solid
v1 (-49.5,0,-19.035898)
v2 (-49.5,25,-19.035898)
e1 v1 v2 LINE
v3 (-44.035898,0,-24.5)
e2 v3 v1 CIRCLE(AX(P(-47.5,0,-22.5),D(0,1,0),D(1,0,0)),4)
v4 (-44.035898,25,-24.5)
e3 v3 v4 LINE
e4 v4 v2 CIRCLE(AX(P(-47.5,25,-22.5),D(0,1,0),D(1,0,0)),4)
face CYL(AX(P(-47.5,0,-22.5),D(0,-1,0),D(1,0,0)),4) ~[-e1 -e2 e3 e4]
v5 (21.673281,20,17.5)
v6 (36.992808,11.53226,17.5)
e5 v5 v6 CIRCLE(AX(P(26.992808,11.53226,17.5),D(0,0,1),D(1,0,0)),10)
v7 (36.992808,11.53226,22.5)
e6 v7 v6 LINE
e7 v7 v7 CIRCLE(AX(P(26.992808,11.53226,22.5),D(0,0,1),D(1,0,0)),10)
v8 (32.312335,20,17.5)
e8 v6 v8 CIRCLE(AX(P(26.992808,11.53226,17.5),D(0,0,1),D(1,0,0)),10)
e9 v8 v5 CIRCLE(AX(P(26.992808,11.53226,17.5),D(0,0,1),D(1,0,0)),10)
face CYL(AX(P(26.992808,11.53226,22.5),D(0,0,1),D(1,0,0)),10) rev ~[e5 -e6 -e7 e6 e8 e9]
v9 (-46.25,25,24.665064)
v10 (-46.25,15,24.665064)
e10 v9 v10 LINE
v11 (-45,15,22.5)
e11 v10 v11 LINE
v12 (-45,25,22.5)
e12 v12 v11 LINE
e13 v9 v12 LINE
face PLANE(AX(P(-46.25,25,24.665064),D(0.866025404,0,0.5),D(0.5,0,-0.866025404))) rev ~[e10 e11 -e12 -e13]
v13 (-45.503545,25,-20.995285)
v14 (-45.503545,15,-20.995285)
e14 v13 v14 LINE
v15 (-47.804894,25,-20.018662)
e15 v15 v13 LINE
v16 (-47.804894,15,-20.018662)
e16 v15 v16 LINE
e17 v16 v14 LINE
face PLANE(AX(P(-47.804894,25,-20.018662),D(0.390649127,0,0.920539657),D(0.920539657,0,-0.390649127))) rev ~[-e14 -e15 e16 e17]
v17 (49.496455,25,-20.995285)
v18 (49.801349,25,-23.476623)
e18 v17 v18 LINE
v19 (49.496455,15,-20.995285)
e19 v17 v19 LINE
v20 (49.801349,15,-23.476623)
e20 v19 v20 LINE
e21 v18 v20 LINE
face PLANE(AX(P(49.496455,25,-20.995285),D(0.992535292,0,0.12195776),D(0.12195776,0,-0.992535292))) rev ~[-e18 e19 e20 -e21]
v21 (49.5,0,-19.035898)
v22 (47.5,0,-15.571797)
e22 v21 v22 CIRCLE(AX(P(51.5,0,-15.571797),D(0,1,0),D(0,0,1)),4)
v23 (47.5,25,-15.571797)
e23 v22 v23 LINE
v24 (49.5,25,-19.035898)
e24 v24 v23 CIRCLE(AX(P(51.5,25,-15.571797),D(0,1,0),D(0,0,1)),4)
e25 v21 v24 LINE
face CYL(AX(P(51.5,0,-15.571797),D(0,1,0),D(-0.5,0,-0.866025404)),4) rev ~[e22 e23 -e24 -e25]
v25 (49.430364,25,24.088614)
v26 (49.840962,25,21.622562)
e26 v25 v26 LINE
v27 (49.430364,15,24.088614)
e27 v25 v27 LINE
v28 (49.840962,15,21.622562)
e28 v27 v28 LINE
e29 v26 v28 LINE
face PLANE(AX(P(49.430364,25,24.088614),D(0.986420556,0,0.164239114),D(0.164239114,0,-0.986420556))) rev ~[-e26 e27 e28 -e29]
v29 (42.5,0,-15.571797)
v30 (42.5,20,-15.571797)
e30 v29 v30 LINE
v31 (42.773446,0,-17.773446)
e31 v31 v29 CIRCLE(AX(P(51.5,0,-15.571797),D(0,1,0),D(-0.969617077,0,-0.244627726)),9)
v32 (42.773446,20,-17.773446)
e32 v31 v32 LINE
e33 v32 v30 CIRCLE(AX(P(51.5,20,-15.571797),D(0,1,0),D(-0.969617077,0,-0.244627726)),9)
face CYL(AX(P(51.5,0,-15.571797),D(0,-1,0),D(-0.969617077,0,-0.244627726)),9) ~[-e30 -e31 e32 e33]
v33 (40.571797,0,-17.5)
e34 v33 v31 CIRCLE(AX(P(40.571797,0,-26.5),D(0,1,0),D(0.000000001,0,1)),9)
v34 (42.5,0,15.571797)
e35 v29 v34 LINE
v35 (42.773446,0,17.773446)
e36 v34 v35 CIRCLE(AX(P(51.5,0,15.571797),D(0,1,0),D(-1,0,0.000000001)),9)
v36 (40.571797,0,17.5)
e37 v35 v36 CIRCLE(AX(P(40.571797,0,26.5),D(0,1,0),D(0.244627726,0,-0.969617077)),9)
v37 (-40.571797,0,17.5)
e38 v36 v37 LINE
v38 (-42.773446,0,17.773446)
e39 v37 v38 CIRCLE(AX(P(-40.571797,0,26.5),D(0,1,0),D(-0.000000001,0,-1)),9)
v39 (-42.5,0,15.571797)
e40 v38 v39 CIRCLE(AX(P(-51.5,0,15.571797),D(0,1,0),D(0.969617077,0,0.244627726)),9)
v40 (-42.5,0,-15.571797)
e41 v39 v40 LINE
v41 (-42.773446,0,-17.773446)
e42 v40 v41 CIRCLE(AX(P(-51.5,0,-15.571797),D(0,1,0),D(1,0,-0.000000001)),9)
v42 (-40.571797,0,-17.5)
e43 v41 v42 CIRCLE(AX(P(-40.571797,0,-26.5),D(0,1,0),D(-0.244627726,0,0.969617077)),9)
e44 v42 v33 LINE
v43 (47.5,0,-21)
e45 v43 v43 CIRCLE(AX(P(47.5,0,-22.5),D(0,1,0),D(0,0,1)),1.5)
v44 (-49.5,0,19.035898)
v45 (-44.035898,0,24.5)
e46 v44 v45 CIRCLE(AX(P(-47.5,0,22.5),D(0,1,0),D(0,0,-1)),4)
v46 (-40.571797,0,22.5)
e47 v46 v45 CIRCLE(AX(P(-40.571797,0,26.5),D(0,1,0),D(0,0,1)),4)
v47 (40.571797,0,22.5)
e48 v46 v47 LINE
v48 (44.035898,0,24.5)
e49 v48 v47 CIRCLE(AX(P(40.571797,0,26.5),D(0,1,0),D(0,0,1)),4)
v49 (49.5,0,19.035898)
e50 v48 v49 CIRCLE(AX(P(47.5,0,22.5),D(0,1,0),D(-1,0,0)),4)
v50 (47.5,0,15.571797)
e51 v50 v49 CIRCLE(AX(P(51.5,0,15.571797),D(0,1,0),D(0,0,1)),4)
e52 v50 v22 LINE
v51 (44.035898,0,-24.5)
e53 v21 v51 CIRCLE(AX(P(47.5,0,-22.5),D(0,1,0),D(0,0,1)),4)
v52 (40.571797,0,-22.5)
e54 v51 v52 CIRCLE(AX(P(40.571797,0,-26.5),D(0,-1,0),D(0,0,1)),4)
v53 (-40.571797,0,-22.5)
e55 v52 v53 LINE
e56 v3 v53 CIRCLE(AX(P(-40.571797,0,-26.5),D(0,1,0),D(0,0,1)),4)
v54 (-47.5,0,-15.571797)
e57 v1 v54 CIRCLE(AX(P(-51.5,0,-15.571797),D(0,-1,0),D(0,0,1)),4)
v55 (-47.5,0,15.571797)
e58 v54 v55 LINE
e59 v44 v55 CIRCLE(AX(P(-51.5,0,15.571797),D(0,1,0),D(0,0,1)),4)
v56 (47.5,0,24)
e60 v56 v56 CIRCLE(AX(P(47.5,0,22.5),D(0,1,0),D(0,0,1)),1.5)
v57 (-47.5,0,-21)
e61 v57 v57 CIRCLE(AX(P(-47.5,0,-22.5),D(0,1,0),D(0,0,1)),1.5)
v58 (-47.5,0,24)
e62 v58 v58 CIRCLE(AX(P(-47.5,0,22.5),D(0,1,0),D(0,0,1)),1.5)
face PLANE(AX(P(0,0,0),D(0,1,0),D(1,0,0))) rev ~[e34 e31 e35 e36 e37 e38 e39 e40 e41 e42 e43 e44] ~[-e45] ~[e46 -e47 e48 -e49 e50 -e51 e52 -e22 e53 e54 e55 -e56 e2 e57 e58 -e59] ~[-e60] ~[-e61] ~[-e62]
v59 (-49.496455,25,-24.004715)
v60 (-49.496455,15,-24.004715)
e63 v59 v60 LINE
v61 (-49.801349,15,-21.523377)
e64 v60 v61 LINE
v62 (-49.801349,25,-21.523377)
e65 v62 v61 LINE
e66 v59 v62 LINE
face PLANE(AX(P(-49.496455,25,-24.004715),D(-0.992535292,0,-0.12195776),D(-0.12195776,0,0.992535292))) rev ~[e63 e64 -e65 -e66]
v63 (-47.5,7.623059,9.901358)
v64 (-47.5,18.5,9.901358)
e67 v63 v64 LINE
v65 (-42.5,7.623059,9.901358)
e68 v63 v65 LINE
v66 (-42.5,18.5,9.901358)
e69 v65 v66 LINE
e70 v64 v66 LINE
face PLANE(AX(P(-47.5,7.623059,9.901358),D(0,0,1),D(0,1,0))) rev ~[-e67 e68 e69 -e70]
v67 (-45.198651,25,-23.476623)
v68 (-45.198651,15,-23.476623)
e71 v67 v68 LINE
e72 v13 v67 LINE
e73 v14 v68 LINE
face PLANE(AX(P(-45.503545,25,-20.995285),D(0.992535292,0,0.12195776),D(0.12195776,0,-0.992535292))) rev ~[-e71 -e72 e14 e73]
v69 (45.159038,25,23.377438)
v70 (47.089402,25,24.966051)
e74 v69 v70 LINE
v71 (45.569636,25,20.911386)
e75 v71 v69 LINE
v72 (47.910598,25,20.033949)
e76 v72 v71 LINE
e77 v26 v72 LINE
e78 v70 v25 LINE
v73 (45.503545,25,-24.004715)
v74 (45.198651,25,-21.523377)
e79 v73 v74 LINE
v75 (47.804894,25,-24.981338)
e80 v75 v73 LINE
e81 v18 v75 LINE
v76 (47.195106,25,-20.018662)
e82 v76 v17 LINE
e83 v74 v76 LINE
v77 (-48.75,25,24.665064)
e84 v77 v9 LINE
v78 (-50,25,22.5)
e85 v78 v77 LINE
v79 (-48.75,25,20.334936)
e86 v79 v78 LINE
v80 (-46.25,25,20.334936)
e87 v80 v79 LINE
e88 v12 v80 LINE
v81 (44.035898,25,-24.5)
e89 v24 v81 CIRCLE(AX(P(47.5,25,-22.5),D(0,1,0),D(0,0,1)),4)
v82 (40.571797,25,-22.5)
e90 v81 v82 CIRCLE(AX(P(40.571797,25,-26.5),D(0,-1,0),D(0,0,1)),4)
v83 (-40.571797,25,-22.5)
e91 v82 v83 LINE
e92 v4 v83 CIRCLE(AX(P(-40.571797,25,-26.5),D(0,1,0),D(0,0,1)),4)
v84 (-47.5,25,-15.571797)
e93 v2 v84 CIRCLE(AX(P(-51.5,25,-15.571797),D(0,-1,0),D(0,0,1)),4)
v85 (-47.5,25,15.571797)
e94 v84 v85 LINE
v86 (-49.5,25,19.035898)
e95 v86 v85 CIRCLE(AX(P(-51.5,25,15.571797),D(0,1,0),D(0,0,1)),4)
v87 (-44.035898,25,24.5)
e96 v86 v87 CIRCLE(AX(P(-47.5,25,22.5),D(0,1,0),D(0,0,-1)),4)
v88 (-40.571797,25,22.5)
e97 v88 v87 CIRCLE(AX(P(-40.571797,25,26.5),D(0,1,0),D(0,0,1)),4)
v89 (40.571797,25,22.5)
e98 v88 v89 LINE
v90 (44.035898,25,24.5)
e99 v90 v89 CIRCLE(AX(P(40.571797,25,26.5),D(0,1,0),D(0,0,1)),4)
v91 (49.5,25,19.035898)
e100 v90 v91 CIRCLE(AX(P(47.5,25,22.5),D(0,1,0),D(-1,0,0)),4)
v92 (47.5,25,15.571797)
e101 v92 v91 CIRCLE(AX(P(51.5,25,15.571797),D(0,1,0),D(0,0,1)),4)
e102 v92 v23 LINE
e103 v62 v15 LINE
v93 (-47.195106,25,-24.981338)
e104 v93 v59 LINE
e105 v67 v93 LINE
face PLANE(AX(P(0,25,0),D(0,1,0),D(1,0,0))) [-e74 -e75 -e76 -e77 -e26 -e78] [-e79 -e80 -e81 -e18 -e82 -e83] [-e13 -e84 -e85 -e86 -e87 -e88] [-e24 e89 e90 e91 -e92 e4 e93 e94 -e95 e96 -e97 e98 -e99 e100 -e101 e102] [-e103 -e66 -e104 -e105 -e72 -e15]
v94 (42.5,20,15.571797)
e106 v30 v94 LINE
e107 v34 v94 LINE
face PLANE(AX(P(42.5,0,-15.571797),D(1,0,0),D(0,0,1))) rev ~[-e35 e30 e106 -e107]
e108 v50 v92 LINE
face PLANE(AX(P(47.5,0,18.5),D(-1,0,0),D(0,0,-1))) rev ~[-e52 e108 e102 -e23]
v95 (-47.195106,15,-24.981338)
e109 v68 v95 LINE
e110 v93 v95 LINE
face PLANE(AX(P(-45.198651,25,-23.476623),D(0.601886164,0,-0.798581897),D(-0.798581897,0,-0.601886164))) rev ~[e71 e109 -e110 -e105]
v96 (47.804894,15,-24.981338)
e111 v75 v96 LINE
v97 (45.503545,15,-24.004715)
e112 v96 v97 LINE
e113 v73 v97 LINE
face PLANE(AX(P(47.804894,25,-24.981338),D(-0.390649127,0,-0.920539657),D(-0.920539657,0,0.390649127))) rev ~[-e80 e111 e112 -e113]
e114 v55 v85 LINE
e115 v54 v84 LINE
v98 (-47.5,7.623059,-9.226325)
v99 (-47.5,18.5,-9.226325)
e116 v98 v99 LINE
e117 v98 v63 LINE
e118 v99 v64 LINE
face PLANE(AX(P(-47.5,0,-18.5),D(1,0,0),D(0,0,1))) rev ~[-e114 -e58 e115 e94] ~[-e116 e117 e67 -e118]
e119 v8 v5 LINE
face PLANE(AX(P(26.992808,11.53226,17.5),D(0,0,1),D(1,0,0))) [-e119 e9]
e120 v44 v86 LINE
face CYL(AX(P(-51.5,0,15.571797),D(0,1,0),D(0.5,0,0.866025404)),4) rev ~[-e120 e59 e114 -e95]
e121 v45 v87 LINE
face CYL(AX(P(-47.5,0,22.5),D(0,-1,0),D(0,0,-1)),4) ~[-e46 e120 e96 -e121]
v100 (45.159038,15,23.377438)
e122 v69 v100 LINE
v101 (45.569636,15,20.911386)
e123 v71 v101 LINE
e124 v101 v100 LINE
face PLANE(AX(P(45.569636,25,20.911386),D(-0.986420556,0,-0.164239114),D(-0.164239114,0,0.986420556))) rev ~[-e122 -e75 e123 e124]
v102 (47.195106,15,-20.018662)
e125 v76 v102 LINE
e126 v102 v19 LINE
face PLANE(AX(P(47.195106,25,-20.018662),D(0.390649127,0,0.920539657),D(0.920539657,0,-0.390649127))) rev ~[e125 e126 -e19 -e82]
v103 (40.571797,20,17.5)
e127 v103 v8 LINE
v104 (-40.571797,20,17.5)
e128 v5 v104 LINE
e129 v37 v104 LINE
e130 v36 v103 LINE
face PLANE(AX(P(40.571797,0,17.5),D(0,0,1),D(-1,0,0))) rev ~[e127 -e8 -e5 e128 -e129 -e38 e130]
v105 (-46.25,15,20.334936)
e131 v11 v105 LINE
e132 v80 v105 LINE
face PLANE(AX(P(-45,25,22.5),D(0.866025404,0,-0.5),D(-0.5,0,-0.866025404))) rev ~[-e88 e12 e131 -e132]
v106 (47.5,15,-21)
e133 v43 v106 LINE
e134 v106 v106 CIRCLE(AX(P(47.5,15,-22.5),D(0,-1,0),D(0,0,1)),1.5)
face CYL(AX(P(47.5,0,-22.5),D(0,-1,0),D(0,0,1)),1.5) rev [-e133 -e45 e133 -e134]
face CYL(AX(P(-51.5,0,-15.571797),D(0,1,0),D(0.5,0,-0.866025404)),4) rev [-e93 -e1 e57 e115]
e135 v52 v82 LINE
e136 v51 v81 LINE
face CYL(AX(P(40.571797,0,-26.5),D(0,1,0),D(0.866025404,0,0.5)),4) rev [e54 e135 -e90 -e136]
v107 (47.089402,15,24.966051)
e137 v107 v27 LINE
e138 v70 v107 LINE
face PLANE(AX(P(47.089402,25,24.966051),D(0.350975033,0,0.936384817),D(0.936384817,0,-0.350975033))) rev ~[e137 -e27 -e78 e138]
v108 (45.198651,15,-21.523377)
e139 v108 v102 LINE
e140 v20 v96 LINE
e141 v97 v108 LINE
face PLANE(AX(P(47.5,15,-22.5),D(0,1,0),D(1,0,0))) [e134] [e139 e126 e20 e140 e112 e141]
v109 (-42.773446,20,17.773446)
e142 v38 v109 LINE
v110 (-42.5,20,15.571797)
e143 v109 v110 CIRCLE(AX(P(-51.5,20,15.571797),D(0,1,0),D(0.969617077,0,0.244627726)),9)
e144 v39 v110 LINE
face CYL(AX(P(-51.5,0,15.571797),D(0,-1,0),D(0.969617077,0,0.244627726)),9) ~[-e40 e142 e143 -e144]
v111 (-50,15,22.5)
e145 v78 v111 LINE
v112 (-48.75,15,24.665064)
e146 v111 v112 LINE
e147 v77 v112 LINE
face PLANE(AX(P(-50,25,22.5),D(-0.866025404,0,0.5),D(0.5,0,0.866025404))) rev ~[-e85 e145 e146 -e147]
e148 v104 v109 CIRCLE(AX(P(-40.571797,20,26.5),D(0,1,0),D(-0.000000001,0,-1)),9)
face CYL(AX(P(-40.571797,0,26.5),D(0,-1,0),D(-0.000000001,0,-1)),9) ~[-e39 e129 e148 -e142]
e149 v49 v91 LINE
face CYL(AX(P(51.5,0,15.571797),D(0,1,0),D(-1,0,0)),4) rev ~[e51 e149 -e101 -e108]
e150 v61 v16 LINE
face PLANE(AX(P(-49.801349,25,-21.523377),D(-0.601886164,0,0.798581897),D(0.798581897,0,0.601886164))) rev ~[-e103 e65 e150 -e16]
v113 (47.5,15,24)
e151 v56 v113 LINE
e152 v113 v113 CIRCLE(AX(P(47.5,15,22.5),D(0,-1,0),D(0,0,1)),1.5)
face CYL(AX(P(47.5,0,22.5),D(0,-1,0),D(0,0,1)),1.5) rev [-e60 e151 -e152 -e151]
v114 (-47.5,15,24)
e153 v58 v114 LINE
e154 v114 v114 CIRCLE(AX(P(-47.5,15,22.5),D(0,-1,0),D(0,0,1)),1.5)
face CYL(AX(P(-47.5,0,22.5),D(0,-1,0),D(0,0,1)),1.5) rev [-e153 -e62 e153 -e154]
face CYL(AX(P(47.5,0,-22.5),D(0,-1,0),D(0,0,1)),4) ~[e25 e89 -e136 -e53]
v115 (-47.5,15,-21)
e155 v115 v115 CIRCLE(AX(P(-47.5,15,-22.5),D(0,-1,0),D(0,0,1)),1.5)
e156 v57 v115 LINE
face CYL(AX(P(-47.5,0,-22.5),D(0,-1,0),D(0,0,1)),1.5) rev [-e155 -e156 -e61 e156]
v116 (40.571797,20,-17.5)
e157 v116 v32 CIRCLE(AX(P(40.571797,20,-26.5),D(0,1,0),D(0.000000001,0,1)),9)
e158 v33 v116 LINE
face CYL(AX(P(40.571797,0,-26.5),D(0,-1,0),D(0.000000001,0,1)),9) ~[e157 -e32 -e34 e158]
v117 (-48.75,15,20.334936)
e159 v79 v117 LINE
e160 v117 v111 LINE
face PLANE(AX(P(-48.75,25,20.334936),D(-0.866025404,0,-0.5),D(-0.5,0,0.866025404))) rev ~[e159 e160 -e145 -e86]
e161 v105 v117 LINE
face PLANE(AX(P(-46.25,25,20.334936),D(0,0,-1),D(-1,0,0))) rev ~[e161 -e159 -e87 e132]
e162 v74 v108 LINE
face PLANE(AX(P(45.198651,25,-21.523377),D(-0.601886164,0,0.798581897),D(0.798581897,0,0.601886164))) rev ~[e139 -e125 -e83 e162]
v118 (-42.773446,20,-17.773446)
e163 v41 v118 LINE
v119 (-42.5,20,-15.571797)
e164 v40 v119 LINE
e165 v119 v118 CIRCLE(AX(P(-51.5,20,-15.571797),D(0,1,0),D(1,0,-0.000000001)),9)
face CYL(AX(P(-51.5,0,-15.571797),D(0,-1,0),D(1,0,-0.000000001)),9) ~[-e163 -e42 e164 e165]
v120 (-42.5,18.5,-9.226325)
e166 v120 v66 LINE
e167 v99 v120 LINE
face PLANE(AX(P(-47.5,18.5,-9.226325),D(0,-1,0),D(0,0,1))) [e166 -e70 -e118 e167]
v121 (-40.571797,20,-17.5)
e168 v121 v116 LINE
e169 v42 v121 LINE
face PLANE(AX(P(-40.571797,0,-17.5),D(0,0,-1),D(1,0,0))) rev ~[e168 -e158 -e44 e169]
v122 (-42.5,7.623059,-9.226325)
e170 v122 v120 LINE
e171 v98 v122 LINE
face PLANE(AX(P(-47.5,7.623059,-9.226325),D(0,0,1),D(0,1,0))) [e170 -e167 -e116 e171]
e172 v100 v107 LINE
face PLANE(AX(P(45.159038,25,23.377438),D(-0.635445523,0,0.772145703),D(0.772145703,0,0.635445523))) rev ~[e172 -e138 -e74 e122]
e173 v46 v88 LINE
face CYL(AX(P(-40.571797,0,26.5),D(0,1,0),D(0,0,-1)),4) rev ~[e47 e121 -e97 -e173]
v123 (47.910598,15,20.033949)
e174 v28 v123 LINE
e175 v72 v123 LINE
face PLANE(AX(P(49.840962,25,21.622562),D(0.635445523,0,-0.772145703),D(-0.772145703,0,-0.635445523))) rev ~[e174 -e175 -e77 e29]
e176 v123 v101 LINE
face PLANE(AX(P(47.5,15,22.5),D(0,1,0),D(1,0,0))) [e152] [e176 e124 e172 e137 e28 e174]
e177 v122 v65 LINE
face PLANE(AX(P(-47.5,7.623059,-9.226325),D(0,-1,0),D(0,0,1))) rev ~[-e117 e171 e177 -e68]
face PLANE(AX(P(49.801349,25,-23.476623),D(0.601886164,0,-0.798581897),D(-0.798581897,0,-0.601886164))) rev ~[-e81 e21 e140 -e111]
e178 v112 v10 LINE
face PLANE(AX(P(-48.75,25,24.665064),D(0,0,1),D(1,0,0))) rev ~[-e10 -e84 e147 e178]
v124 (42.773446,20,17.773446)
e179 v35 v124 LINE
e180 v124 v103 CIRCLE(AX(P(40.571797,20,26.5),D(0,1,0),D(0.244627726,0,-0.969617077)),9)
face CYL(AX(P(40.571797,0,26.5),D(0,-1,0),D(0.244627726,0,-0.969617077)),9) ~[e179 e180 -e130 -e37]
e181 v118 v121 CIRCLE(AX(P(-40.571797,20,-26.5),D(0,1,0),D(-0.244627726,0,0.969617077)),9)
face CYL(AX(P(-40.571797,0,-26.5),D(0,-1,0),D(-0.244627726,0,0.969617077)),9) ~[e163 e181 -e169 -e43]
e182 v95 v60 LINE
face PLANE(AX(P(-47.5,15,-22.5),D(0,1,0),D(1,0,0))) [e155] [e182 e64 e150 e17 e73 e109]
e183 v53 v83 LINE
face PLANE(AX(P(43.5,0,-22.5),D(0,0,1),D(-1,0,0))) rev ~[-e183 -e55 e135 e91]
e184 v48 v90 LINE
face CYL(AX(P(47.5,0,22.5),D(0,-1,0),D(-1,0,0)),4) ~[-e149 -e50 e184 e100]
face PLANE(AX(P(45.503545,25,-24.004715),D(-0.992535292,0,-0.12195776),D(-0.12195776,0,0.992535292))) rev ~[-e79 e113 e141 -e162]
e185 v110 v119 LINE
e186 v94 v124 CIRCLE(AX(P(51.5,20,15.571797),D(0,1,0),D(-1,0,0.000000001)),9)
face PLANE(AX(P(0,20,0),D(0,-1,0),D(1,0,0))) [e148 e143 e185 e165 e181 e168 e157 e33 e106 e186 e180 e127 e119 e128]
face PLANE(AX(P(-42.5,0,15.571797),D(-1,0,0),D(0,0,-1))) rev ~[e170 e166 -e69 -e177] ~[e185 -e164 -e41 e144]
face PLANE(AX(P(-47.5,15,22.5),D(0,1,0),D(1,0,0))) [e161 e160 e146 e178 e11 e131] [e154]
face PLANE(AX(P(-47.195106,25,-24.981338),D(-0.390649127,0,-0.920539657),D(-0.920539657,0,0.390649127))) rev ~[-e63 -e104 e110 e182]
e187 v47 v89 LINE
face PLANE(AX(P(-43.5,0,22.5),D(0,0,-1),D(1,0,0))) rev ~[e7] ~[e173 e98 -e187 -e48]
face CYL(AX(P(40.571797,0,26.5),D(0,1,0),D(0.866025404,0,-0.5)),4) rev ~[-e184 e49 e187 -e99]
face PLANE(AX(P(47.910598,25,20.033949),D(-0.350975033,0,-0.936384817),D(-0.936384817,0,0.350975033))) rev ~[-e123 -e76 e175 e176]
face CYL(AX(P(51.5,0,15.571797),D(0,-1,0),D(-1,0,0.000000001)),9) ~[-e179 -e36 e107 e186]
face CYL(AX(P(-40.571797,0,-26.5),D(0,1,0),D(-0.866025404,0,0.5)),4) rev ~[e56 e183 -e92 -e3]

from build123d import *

# Parameters (mm, degrees)
SKETCH2_R           = 1.5
BOSS_EXTRUDE1_DEPTH = 25
FILLET3_R           = 4
FILLET4_R           = 4
FILLET5_R           = 4
FILLET6_R           = 4
FILLET7_R           = 4
FILLET8_R           = 4
FILLET9_R           = 4
FILLET10_R          = 4
CUT_EXTRUDE1_DEPTH  = 10
CUT_EXTRUDE2_DEPTH  = 20
SKETCH5_W           = 19.12768352
SKETCH5_H           = 10.876940682
CUT_EXTRUDE3_DEPTH  = 5
SKETCH6_R           = 10
CUT_EXTRUDE4_DEPTH  = 5


with BuildPart() as part:
    # Sketch2 → Boss-Extrude1 (new body)
    with BuildSketch(Plane(origin=(0, 0, 0), x_dir=(1, 0, 0), z_dir=(0, 1, 0))):
        with BuildLine():
            ThreePointArc((-43.5, 22.5), (-50.328427125, 25.328427125), (-47.5, 18.5))
            Line((-47.5, 18.5), (-47.5, -18.5))
            ThreePointArc((-47.5, -18.5), (-50.328427125, -25.328427125), (-43.5, -22.5))
            Line((-43.5, -22.5), (43.5, -22.5))
            ThreePointArc((43.5, -22.5), (50.328427125, -25.328427125), (47.5, -18.5))
            Line((47.5, -18.5), (47.5, 18.5))
            ThreePointArc((47.5, 18.5), (50.328427125, 25.328427125), (43.5, 22.5))
            Line((43.5, 22.5), (-43.5, 22.5))
        make_face()
        with Locations(Location((-47.5, 22.5, 0), (0, 0, 270))):
            Circle(SKETCH2_R, mode=Mode.SUBTRACT)
        with Locations(Location((-47.5, -22.5, 0), (0, 0, 270))):
            Circle(SKETCH2_R, mode=Mode.SUBTRACT)
        with Locations(Location((47.5, 22.5, 0), (0, 0, 270))):
            Circle(SKETCH2_R, mode=Mode.SUBTRACT)
        with Locations(Location((47.5, -22.5, 0), (0, 0, 270))):
            Circle(SKETCH2_R, mode=Mode.SUBTRACT)
    extrude(amount=BOSS_EXTRUDE1_DEPTH)

    # Fillet3
    fillet3_edges = [part.edges().sort_by_distance(p)[0] for p in [
        (-43.5, 12.5, -22.5),
    ]]
    fillet(fillet3_edges, radius=FILLET3_R)

    # Fillet4
    fillet4_edges = [part.edges().sort_by_distance(p)[0] for p in [
        (-47.5, 12.5, -18.5),
    ]]
    fillet(fillet4_edges, radius=FILLET4_R)

    # Fillet5
    fillet5_edges = [part.edges().sort_by_distance(p)[0] for p in [
        (47.5, 12.5, -18.5),
    ]]
    fillet(fillet5_edges, radius=FILLET5_R)

    # Fillet6
    fillet6_edges = [part.edges().sort_by_distance(p)[0] for p in [
        (43.5, 12.5, -22.5),
    ]]
    fillet(fillet6_edges, radius=FILLET6_R)

    # Fillet7
    fillet7_edges = [part.edges().sort_by_distance(p)[0] for p in [
        (47.5, 12.5, 18.5),
    ]]
    fillet(fillet7_edges, radius=FILLET7_R)

    # Fillet8
    fillet8_edges = [part.edges().sort_by_distance(p)[0] for p in [
        (43.5, 12.5, 22.5),
    ]]
    fillet(fillet8_edges, radius=FILLET8_R)

    # Fillet9
    fillet9_edges = [part.edges().sort_by_distance(p)[0] for p in [
        (-43.5, 12.5, 22.5),
    ]]
    fillet(fillet9_edges, radius=FILLET9_R)

    # Fillet10
    fillet10_edges = [part.edges().sort_by_distance(p)[0] for p in [
        (-47.5, 12.5, 18.5),
    ]]
    fillet(fillet10_edges, radius=FILLET10_R)

    # Sketch3 → Cut-Extrude1 (cut)
    with BuildSketch(Plane(origin=(0, 25, 0), x_dir=(1, 0, 0), z_dir=(0, 1, 0))):
        Polygon((45.159037956, -23.377437582), (47.089402215, -24.96605139), (49.430364258, -24.088613808), (49.840962044, -21.622562418), (47.910597785, -20.03394861), (45.569635742, -20.911386192), align=None)
        Polygon((45.198650859, 21.523377181), (47.1951056, 20.018661771), (49.496454742, 20.99528459), (49.801349141, 23.476622819), (47.8048944, 24.981338229), (45.503545258, 24.00471541), align=None)
        Polygon((-49.801349141, 21.523377181), (-47.8048944, 20.018661771), (-45.503545258, 20.99528459), (-45.198650859, 23.476622819), (-47.1951056, 24.981338229), (-49.496454742, 24.00471541), align=None)
        Polygon((-50, -22.5), (-48.75, -24.665063509), (-46.25, -24.665063509), (-45, -22.5), (-46.25, -20.334936491), (-48.75, -20.334936491), align=None)
    extrude(amount=-CUT_EXTRUDE1_DEPTH, mode=Mode.SUBTRACT)

    # Sketch4 → Cut-Extrude2 (cut)
    with BuildSketch(Plane.XZ):
        with BuildLine():
            Line((-42.5, 15.57179677), (-42.5, -15.57179677))
            ThreePointArc((-42.5, -15.57179677), (-42.568623197, -16.681079599), (-42.77344631, -17.77344631))
            ThreePointArc((-42.77344631, -17.77344631), (-41.681079599, -17.568623197), (-40.57179677, -17.5))
            Line((-40.57179677, -17.5), (40.57179677, -17.5))
            ThreePointArc((40.57179677, -17.5), (41.681079599, -17.568623197), (42.77344631, -17.77344631))
            ThreePointArc((42.77344631, -17.77344631), (42.568623197, -16.681079599), (42.5, -15.57179677))
            Line((42.5, -15.57179677), (42.5, 15.57179677))
            ThreePointArc((42.5, 15.57179677), (42.568623197, 16.681079599), (42.77344631, 17.77344631))
            ThreePointArc((42.77344631, 17.77344631), (41.681079599, 17.568623197), (40.57179677, 17.5))
            Line((40.57179677, 17.5), (-40.57179677, 17.5))
            ThreePointArc((-40.57179677, 17.5), (-41.681079599, 17.568623197), (-42.77344631, 17.77344631))
            ThreePointArc((-42.77344631, 17.77344631), (-42.568623197, 16.681079599), (-42.5, 15.57179677))
        make_face()
    extrude(amount=-CUT_EXTRUDE2_DEPTH, mode=Mode.SUBTRACT)

    # Sketch5 → Cut-Extrude3 (cut)
    with BuildSketch(Plane.ZY.offset(47.5)):
        with Locations((0.337516279, 13.061529659)):
            Rectangle(SKETCH5_W, SKETCH5_H)
    extrude(amount=-CUT_EXTRUDE3_DEPTH, mode=Mode.SUBTRACT)

    # Sketch6 → Cut-Extrude4 (cut)
    with BuildSketch(Plane.XY.offset(22.5)):
        with Locations((26.992807924, 11.532259518)):
            Circle(SKETCH6_R)
    extrude(amount=-CUT_EXTRUDE4_DEPTH, mode=Mode.SUBTRACT)


solid = part.part
